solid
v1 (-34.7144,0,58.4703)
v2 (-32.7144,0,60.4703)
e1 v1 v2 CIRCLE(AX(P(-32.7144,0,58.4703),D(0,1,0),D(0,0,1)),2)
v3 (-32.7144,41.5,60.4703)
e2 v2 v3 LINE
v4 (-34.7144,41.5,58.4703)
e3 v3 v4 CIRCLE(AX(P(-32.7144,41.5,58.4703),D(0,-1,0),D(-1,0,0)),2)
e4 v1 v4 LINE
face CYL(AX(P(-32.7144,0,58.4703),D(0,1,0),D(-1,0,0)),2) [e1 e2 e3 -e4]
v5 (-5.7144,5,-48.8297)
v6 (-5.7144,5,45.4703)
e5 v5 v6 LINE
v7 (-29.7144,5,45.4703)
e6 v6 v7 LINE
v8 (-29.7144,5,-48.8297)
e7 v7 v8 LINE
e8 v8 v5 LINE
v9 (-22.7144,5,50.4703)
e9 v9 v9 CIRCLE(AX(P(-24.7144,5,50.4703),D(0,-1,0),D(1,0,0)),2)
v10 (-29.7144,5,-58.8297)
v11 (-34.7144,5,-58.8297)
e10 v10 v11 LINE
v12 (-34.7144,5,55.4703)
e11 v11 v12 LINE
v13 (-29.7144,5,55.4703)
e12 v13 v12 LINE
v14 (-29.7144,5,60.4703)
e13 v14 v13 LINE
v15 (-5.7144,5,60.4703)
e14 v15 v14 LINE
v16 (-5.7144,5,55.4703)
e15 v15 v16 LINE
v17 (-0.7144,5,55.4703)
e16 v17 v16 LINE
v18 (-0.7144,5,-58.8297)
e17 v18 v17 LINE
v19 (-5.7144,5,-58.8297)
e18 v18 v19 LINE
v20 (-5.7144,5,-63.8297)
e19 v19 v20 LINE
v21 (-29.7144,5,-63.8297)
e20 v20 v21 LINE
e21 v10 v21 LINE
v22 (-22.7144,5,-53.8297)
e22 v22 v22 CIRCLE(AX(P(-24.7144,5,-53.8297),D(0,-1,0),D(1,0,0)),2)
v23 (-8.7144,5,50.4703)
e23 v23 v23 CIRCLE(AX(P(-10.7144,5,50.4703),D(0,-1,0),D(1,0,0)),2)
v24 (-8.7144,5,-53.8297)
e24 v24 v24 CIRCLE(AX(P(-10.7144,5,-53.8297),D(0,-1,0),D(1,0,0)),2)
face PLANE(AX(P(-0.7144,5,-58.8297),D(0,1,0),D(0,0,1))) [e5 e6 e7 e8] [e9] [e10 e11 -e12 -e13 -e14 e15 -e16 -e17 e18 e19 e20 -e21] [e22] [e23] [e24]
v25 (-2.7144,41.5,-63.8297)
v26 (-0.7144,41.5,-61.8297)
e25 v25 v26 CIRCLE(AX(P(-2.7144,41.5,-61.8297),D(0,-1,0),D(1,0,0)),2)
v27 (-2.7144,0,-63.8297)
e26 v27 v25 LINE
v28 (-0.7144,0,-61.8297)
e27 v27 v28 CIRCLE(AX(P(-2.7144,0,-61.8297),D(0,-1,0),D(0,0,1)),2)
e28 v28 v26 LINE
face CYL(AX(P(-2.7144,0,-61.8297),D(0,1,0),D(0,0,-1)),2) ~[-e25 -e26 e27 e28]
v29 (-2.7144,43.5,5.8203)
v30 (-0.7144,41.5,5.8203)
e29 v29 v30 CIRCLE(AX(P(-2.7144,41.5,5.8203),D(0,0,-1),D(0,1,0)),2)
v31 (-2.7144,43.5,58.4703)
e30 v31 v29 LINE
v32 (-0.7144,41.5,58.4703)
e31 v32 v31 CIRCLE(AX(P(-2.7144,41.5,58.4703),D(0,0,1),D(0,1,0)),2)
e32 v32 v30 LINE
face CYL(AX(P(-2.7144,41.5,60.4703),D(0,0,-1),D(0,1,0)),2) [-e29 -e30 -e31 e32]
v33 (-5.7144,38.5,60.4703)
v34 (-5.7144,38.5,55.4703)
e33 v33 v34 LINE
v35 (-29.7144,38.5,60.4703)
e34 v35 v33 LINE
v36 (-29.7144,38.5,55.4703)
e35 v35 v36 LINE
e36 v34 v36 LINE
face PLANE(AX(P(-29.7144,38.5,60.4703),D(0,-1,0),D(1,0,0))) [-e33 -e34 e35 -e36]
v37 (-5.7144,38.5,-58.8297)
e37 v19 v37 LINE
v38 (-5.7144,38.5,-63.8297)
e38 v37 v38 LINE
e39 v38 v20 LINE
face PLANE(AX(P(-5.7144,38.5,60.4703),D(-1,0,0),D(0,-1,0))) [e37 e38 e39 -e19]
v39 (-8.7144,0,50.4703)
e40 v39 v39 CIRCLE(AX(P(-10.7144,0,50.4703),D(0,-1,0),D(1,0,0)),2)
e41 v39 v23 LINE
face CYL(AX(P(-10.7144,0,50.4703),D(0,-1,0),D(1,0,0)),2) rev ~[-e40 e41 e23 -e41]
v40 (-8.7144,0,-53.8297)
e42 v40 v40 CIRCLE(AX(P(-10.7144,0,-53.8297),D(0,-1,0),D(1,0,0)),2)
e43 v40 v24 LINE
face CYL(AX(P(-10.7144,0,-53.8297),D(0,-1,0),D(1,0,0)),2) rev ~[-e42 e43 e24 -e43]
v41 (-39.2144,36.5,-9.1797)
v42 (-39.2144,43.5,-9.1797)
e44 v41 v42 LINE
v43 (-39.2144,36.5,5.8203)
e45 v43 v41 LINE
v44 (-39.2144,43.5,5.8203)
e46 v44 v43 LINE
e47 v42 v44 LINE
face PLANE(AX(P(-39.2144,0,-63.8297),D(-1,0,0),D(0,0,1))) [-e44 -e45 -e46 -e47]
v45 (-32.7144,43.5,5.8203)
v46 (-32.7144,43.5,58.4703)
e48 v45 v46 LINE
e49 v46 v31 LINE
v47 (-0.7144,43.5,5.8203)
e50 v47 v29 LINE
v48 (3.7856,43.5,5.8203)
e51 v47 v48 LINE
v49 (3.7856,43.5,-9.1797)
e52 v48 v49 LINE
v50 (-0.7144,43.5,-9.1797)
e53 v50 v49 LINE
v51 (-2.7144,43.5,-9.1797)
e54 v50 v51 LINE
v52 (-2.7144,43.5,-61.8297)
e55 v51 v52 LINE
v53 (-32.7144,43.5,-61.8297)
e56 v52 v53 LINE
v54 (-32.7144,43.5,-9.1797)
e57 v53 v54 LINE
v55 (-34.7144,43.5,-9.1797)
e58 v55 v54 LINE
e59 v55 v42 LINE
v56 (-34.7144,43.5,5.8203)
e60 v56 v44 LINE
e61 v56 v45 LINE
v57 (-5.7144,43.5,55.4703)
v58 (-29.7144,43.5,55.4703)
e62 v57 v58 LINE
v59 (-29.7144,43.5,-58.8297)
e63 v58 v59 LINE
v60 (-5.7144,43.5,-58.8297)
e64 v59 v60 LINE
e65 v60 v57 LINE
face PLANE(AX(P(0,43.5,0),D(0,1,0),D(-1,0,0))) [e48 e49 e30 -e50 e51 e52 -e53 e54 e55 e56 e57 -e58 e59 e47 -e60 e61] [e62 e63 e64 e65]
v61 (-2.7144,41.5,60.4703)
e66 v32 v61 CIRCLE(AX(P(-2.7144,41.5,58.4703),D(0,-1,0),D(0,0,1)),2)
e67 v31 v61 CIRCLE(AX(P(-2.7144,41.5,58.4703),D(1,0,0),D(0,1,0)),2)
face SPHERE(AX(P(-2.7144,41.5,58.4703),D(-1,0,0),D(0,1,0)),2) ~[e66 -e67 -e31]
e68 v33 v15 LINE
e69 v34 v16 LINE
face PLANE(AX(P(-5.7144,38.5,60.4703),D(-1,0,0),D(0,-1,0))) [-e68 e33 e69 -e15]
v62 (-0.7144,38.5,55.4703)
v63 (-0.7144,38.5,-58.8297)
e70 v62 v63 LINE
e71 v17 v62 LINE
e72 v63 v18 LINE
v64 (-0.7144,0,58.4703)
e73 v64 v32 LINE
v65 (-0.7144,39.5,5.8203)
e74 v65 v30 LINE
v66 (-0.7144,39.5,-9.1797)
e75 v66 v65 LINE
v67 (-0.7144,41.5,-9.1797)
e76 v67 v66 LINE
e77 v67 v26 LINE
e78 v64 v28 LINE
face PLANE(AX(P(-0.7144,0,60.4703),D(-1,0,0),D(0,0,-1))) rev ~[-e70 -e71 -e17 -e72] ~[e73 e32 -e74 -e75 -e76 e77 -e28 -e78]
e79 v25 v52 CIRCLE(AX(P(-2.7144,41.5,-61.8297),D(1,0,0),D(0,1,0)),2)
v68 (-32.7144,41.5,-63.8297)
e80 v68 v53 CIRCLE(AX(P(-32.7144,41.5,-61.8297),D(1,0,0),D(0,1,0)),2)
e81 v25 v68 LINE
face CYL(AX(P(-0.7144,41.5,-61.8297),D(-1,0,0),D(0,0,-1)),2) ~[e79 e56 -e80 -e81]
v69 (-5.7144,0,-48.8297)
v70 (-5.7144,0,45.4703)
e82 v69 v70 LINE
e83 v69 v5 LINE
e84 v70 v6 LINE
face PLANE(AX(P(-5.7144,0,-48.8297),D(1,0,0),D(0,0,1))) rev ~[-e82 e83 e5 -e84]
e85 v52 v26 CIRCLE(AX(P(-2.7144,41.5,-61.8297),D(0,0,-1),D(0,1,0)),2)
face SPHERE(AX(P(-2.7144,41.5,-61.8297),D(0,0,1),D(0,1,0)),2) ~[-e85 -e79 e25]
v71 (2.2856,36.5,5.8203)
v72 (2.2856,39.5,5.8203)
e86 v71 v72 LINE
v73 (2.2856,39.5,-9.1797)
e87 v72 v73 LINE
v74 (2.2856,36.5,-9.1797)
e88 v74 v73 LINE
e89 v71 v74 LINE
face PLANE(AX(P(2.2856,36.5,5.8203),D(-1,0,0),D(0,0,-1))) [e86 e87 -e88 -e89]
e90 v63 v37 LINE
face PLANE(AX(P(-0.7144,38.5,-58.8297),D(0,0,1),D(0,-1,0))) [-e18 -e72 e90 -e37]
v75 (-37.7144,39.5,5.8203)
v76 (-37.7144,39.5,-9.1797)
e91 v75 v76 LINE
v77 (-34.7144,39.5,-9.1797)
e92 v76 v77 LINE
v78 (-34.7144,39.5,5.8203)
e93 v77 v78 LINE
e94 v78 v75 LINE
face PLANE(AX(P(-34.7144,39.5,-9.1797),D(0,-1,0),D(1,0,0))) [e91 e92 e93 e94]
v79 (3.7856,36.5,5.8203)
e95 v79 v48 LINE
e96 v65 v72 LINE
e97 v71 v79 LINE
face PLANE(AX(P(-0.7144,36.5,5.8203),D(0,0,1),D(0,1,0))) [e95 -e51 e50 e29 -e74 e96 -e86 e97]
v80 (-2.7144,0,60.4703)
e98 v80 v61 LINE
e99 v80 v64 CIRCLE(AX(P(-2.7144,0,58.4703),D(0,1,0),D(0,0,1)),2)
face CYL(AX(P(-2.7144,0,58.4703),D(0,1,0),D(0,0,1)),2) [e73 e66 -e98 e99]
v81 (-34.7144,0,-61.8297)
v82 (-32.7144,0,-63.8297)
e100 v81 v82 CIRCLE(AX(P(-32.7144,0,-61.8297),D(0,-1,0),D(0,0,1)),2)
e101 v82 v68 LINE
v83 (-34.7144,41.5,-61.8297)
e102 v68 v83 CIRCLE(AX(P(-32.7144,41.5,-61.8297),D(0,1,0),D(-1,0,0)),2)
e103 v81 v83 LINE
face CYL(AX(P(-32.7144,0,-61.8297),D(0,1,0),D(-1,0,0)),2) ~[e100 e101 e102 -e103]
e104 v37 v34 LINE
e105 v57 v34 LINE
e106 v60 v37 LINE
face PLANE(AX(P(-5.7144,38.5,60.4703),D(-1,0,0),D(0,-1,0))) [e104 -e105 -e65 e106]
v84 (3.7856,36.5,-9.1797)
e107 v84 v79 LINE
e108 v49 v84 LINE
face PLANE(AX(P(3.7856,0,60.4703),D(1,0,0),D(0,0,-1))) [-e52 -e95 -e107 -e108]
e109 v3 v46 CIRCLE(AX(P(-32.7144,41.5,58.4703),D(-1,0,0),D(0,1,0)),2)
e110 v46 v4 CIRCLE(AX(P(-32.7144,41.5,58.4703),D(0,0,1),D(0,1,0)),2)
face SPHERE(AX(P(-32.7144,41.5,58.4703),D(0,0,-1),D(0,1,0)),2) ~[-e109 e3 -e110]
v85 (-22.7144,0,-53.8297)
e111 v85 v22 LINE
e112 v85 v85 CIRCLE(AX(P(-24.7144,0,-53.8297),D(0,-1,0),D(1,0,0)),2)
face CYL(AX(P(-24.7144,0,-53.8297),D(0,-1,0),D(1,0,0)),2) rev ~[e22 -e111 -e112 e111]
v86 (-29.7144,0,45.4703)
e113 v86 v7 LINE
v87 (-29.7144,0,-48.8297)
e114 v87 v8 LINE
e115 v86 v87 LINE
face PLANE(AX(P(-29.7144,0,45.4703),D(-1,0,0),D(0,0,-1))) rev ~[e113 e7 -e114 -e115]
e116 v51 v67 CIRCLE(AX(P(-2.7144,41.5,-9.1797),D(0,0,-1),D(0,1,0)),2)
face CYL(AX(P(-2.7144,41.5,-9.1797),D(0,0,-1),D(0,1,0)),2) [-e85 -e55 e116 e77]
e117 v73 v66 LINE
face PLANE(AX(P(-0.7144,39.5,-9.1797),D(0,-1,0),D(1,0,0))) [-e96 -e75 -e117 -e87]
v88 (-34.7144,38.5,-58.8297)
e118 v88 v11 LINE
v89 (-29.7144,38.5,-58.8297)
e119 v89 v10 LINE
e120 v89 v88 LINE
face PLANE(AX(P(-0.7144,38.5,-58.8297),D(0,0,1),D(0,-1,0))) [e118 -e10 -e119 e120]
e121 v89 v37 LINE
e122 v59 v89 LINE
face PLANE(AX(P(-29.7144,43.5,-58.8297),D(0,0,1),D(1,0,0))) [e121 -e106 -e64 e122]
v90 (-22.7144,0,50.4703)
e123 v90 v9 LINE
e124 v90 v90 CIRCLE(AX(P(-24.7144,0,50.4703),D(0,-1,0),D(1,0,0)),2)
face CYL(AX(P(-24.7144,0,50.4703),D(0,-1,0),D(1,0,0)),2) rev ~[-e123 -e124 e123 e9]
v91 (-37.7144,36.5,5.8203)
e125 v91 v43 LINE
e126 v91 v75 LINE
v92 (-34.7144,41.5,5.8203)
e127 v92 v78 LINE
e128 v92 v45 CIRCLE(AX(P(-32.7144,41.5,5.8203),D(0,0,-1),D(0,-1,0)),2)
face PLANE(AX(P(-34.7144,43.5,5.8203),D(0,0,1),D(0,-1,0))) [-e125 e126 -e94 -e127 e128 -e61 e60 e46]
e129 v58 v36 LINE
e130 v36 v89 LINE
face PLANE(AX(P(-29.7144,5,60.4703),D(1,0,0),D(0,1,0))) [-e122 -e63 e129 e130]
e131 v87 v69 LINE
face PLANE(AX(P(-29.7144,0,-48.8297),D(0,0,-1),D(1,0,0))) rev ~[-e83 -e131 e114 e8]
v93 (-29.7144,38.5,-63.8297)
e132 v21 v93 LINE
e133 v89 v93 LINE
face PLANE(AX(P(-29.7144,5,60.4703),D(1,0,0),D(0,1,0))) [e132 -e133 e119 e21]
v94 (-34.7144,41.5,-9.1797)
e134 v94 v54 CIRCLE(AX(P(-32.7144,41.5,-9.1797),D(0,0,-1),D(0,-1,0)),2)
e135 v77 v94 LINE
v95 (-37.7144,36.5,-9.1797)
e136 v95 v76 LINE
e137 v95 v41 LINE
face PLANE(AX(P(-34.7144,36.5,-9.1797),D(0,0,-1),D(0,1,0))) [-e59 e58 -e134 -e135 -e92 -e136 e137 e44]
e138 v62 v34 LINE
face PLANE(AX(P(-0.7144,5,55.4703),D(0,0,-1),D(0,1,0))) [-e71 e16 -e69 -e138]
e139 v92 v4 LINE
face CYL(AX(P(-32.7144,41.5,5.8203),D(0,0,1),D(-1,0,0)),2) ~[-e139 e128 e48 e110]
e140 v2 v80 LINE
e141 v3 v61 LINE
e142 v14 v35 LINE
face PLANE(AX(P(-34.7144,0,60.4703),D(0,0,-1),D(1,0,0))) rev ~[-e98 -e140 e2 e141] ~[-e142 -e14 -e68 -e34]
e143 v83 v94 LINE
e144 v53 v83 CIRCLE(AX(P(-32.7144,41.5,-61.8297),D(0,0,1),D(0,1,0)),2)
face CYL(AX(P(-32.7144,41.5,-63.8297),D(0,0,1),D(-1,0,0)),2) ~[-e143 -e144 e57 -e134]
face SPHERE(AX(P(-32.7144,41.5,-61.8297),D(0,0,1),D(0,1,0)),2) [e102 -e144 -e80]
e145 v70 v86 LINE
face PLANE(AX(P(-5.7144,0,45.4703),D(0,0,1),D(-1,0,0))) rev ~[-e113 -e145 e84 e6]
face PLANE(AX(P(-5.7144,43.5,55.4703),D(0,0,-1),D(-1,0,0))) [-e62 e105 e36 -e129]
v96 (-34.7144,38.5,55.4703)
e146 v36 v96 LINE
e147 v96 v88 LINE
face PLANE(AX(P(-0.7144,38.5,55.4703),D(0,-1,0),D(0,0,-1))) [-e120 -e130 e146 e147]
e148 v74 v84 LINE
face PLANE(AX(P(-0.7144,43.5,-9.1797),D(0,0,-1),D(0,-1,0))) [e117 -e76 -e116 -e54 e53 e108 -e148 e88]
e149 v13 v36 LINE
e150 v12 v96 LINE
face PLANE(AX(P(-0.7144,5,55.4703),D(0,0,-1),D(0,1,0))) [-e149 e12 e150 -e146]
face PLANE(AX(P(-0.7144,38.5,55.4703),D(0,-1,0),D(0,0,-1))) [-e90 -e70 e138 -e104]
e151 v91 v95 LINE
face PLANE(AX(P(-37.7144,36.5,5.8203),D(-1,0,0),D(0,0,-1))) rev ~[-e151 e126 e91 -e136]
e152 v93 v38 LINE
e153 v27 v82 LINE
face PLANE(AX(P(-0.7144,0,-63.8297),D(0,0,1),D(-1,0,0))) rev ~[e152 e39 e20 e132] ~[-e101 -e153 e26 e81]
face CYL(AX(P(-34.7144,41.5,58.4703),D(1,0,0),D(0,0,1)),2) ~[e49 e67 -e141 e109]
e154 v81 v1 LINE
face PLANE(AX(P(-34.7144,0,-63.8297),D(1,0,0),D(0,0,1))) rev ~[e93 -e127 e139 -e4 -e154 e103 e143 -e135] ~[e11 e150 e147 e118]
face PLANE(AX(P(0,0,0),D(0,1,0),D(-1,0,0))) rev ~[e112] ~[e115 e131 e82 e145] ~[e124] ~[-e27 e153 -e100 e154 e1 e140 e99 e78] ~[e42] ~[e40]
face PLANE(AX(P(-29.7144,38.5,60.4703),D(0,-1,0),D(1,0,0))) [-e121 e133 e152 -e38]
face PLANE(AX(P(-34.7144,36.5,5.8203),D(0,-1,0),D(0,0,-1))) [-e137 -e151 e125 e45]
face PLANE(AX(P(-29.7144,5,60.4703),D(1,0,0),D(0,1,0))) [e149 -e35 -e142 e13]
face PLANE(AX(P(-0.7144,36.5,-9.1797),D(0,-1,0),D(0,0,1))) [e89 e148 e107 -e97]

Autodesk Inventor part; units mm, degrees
ref_plane "YZ Plane" through (0, 0, 0) normal (1, 0, 0) x (0, 1, 0)
ref_plane "XZ Plane" through (0, 0, 0) normal (0, 1, 0) x (-1, 0, 0)
ref_plane "XY Plane" through (0, 0, 0) normal (0, 0, 1) x (1, 0, 0)
sketch "Sketch2" plane through (0, 0, 0) normal (0, 1, 0) x (-1, 0, 0)
  line L0 (34.7144, 60.4703) -> (0.7144, 60.4703)
  line L1 (0.7144, 60.4703) -> (0.7144, -63.8297)
  line L2 (0.7144, -63.8297) -> (34.7144, -63.8297)
  line L3 (34.7144, -63.8297) -> (34.7144, 60.4703)
  point P0 (0, 0)
  dimension "d0" = 124.3
  dimension "d1" = 34
extrude "Extrusion1" add sketch "Sketch2" along normal blind 43.5
sketch "Sketch3" plane through (0, 43.5, 0) normal (0, 1, 0) x (1, 0, 0)
  line L0 (-34.7144, -60.4703) -> (-0.7144, -60.4703) construction
  line L1 (-0.7144, -60.4703) -> (-0.7144, 63.8297) construction
  line L2 (-0.7144, 63.8297) -> (-34.7144, 63.8297) construction
  line L3 (-34.7144, 63.8297) -> (-34.7144, -60.4703) construction
  line L4 (-29.7144, 58.8297) -> (-5.7144, 58.8297)
  line L5 (-5.7144, 58.8297) -> (-5.7144, -55.4703)
  line L6 (-5.7144, -55.4703) -> (-29.7144, -55.4703)
  line L7 (-29.7144, -55.4703) -> (-29.7144, 58.8297)
  point P0 (0, 0)
  dimension "d4" = 114.3
  dimension "d5" = 24
  dimension "d6" = 5
  dimension "d7" = 5
  dimension "d8" = 5
  dimension "d9" = 5
extrude "Extrusion2" cut sketch "Sketch3" against normal blind 38.5
sketch "Sketch4" plane through (-0.7144, 0, 60.4703) normal (1, 0, 0) x (0, 0, -1)
  line L0 (124.3, 0) -> (124.3, 43.5) construction
  line L1 (0, 43.5) -> (124.3, 43.5) construction
  line L2 (54.65, 43.5) -> (69.65, 43.5)
  line L3 (69.65, 43.5) -> (69.65, 36.5)
  line L4 (69.65, 36.5) -> (54.65, 36.5)
  line L5 (54.65, 36.5) -> (54.65, 43.5)
  point P0 (60.4703, 0)
  dimension "d12" = 15
  dimension "d13" = 7
  dimension "d14" = 0
  dimension "d15" = 54.65
extrude "Extrusion3" add sketch "Sketch4" along normal blind 4.5
sketch "Sketch5" plane through (-34.7144, 0, -63.8297) normal (-1, 0, 0) x (0, 0, 1)
  line L0 (124.3, 0) -> (124.3, 43.5) construction
  line L1 (0, 43.5) -> (124.3, 43.5) construction
  line L2 (54.65, 43.5) -> (69.65, 43.5)
  line L3 (69.65, 43.5) -> (69.65, 36.5)
  line L4 (69.65, 36.5) -> (54.65, 36.5)
  line L5 (54.65, 36.5) -> (54.65, 43.5)
  point P0 (63.8297, 0)
  dimension "d18" = 7
  dimension "d19" = 15
  dimension "d20" = 0
  dimension "d21" = 54.65
extrude "Extrusion4" add sketch "Sketch5" along normal blind 4.5
sketch "Sketch6" plane through (-34.7144, 36.5, -9.1797) normal (0, -1, 0) x (1, 0, 0)
  line L0 (0, 15) -> (0, 0) construction
  line L1 (0, 15) -> (-4.5, 15) construction
  line L2 (-3, 0) -> (0, 0)
  line L3 (0, 0) -> (0, 15)
  line L4 (0, 15) -> (-3, 15)
  line L5 (-3, 15) -> (-3, 0)
  point P0 (34.7144, 9.1797)
  dimension "d24" = 15
  dimension "d25" = 3
  dimension "d26" = 0
  dimension "d27" = 0
extrude "Extrusion5" cut sketch "Sketch6" against normal blind 3
sketch "Sketch7" plane through (-0.7144, 36.5, -9.1797) normal (0, -1, 0) x (1, 0, 0)
  line L0 (0, 0) -> (0, 15) construction
  line L1 (0, 15) -> (4.5, 15) construction
  line L2 (0, 15) -> (3, 15)
  line L3 (3, 15) -> (3, 0)
  line L4 (3, 0) -> (0, 0)
  line L5 (0, 0) -> (0, 15)
  point P0 (0.7144, 9.1797)
  dimension "d30" = 15
  dimension "d31" = 3
  dimension "d32" = 0
  dimension "d33" = 0
extrude "Extrusion6" cut sketch "Sketch7" against normal blind 3
sketch "Sketch8" plane through (-34.7144, 0, 60.4703) normal (0, 0, 1) x (1, 0, 0)
  line L0 (0, 0) -> (34, 0) construction
  line L1 (34, 0) -> (34, 43.5) construction
  line L2 (0, 43.5) -> (34, 43.5) construction
  line L3 (0, 0) -> (0, 43.5) construction
  line L4 (5, 38.5) -> (29, 38.5)
  line L5 (29, 38.5) -> (29, 5)
  line L6 (29, 5) -> (5, 5)
  line L7 (5, 5) -> (5, 38.5)
  point P0 (34.7144, 0)
  dimension "d36" = 33.5
  dimension "d37" = 24
  dimension "d38" = 5
  dimension "d39" = 5
  dimension "d40" = 5
  dimension "d41" = 5
extrude "Extrusion7" cut sketch "Sketch8" against normal blind 124.3
sketch "Sketch9" plane through (-0.7144, 0, 60.4703) normal (1, 0, 0) x (0, 0, -1)
  line L0 (0, 0) -> (0, 43.5) construction
  line L1 (0, 0) -> (124.3, 0) construction
  line L2 (124.3, 0) -> (124.3, 43.5) construction
  line L3 (69.65, 43.5) -> (124.3, 43.5) construction
  line L4 (5, 38.5) -> (119.3, 38.5)
  line L5 (119.3, 38.5) -> (119.3, 5)
  line L6 (119.3, 5) -> (5, 5)
  line L7 (5, 5) -> (5, 38.5)
  point P0 (60.4703, 0)
  dimension "d44" = 114.3
  dimension "d45" = 33.5
  dimension "d46" = 5
  dimension "d47" = 5
  dimension "d48" = 5
  dimension "d49" = 5
extrude "Extrusion8" cut sketch "Sketch9" against normal blind 34
sketch "Sketch11" plane through (0, 0, 0) normal (0, -1, 0) x (1, 0, 0)
  line L0 (-34.7144, 60.4703) -> (-0.7144, 60.4703) construction
  line L1 (-34.7144, -63.8297) -> (-34.7144, 60.4703) construction
  line L2 (-0.7144, -63.8297) -> (-34.7144, -63.8297) construction
  line L3 (-0.7144, 60.4703) -> (-0.7144, -63.8297) construction
  circle A0 centre (-24.7144, -53.8297) radius 2
  circle A1 centre (-10.7144, -53.8297) radius 2
  circle A2 centre (-24.7144, 50.4703) radius 2
  circle A3 centre (-10.7144, 50.4703) radius 2
  line L4 (-29.7144, -48.8297) -> (-5.7144, -48.8297)
  line L5 (-5.7144, -48.8297) -> (-5.7144, 45.4703)
  line L6 (-5.7144, 45.4703) -> (-29.7144, 45.4703)
  line L7 (-29.7144, 45.4703) -> (-29.7144, -48.8297)
  point P0 (0, 0)
  dimension "d52" = 4
  dimension "d53" = 10
  dimension "d54" = 10
  dimension "d55" = 4
  dimension "d56" = 10
  dimension "d57" = 10
  dimension "d58" = 4
  dimension "d59" = 10
  dimension "d60" = 10
  dimension "d61" = 4
  dimension "d62" = 10
  dimension "d63" = 10
  dimension "d66" = 94.3
  dimension "d67" = 24
  dimension "d68" = 5
  dimension "d69" = 5
  dimension "d70" = 5
  dimension "d71" = 5
extrude "Extrusion9" cut sketch "Sketch11" against normal blind 5 contours A0 | A1 | A2 | A3
sketch "Sketch12" plane through (0, 0, 0) normal (0, -1, 0) x (1, 0, 0)
  circle A0 centre (-24.7144, 50.4703) radius 2 construction
  circle A1 centre (-24.7144, -53.8297) radius 2 construction
  line L0 (-34.7144, -63.8297) -> (-34.7144, 60.4703) construction
  line L1 (-0.7144, 60.4703) -> (-0.7144, -63.8297) construction
  line L2 (-29.7144, -48.8297) -> (-5.7144, -48.8297)
  line L3 (-5.7144, -48.8297) -> (-5.7144, 45.4703)
  line L4 (-5.7144, 45.4703) -> (-29.7144, 45.4703)
  line L5 (-29.7144, 45.4703) -> (-29.7144, -48.8297)
  point P0 (0, 0)
  dimension "d72" = 94.3
  dimension "d73" = 24
  dimension "d74" = 5
  dimension "d75" = 5
  dimension "d76" = 5
  dimension "d77" = 5
extrude "Extrusion10" cut sketch "Sketch12" against normal blind 5
fillet "Fillet1" radius 2 10 edges at (-34.7144, 43.5, -36.5047) (-34.7144, 43.5, 33.1453) (-17.7144, 43.5, 60.4703) (-0.7144, 43.5, 33.1453) (-0.7144, 43.5, -36.5047) (-17.7144, 43.5, -63.8297) (-34.7144, 21.75, 60.4703) (-0.7144, 21.75, 60.4703) (-0.7144, 21.75, -63.8297) (-34.7144, 21.75, -63.8297)
properties part number "Battery Case"
